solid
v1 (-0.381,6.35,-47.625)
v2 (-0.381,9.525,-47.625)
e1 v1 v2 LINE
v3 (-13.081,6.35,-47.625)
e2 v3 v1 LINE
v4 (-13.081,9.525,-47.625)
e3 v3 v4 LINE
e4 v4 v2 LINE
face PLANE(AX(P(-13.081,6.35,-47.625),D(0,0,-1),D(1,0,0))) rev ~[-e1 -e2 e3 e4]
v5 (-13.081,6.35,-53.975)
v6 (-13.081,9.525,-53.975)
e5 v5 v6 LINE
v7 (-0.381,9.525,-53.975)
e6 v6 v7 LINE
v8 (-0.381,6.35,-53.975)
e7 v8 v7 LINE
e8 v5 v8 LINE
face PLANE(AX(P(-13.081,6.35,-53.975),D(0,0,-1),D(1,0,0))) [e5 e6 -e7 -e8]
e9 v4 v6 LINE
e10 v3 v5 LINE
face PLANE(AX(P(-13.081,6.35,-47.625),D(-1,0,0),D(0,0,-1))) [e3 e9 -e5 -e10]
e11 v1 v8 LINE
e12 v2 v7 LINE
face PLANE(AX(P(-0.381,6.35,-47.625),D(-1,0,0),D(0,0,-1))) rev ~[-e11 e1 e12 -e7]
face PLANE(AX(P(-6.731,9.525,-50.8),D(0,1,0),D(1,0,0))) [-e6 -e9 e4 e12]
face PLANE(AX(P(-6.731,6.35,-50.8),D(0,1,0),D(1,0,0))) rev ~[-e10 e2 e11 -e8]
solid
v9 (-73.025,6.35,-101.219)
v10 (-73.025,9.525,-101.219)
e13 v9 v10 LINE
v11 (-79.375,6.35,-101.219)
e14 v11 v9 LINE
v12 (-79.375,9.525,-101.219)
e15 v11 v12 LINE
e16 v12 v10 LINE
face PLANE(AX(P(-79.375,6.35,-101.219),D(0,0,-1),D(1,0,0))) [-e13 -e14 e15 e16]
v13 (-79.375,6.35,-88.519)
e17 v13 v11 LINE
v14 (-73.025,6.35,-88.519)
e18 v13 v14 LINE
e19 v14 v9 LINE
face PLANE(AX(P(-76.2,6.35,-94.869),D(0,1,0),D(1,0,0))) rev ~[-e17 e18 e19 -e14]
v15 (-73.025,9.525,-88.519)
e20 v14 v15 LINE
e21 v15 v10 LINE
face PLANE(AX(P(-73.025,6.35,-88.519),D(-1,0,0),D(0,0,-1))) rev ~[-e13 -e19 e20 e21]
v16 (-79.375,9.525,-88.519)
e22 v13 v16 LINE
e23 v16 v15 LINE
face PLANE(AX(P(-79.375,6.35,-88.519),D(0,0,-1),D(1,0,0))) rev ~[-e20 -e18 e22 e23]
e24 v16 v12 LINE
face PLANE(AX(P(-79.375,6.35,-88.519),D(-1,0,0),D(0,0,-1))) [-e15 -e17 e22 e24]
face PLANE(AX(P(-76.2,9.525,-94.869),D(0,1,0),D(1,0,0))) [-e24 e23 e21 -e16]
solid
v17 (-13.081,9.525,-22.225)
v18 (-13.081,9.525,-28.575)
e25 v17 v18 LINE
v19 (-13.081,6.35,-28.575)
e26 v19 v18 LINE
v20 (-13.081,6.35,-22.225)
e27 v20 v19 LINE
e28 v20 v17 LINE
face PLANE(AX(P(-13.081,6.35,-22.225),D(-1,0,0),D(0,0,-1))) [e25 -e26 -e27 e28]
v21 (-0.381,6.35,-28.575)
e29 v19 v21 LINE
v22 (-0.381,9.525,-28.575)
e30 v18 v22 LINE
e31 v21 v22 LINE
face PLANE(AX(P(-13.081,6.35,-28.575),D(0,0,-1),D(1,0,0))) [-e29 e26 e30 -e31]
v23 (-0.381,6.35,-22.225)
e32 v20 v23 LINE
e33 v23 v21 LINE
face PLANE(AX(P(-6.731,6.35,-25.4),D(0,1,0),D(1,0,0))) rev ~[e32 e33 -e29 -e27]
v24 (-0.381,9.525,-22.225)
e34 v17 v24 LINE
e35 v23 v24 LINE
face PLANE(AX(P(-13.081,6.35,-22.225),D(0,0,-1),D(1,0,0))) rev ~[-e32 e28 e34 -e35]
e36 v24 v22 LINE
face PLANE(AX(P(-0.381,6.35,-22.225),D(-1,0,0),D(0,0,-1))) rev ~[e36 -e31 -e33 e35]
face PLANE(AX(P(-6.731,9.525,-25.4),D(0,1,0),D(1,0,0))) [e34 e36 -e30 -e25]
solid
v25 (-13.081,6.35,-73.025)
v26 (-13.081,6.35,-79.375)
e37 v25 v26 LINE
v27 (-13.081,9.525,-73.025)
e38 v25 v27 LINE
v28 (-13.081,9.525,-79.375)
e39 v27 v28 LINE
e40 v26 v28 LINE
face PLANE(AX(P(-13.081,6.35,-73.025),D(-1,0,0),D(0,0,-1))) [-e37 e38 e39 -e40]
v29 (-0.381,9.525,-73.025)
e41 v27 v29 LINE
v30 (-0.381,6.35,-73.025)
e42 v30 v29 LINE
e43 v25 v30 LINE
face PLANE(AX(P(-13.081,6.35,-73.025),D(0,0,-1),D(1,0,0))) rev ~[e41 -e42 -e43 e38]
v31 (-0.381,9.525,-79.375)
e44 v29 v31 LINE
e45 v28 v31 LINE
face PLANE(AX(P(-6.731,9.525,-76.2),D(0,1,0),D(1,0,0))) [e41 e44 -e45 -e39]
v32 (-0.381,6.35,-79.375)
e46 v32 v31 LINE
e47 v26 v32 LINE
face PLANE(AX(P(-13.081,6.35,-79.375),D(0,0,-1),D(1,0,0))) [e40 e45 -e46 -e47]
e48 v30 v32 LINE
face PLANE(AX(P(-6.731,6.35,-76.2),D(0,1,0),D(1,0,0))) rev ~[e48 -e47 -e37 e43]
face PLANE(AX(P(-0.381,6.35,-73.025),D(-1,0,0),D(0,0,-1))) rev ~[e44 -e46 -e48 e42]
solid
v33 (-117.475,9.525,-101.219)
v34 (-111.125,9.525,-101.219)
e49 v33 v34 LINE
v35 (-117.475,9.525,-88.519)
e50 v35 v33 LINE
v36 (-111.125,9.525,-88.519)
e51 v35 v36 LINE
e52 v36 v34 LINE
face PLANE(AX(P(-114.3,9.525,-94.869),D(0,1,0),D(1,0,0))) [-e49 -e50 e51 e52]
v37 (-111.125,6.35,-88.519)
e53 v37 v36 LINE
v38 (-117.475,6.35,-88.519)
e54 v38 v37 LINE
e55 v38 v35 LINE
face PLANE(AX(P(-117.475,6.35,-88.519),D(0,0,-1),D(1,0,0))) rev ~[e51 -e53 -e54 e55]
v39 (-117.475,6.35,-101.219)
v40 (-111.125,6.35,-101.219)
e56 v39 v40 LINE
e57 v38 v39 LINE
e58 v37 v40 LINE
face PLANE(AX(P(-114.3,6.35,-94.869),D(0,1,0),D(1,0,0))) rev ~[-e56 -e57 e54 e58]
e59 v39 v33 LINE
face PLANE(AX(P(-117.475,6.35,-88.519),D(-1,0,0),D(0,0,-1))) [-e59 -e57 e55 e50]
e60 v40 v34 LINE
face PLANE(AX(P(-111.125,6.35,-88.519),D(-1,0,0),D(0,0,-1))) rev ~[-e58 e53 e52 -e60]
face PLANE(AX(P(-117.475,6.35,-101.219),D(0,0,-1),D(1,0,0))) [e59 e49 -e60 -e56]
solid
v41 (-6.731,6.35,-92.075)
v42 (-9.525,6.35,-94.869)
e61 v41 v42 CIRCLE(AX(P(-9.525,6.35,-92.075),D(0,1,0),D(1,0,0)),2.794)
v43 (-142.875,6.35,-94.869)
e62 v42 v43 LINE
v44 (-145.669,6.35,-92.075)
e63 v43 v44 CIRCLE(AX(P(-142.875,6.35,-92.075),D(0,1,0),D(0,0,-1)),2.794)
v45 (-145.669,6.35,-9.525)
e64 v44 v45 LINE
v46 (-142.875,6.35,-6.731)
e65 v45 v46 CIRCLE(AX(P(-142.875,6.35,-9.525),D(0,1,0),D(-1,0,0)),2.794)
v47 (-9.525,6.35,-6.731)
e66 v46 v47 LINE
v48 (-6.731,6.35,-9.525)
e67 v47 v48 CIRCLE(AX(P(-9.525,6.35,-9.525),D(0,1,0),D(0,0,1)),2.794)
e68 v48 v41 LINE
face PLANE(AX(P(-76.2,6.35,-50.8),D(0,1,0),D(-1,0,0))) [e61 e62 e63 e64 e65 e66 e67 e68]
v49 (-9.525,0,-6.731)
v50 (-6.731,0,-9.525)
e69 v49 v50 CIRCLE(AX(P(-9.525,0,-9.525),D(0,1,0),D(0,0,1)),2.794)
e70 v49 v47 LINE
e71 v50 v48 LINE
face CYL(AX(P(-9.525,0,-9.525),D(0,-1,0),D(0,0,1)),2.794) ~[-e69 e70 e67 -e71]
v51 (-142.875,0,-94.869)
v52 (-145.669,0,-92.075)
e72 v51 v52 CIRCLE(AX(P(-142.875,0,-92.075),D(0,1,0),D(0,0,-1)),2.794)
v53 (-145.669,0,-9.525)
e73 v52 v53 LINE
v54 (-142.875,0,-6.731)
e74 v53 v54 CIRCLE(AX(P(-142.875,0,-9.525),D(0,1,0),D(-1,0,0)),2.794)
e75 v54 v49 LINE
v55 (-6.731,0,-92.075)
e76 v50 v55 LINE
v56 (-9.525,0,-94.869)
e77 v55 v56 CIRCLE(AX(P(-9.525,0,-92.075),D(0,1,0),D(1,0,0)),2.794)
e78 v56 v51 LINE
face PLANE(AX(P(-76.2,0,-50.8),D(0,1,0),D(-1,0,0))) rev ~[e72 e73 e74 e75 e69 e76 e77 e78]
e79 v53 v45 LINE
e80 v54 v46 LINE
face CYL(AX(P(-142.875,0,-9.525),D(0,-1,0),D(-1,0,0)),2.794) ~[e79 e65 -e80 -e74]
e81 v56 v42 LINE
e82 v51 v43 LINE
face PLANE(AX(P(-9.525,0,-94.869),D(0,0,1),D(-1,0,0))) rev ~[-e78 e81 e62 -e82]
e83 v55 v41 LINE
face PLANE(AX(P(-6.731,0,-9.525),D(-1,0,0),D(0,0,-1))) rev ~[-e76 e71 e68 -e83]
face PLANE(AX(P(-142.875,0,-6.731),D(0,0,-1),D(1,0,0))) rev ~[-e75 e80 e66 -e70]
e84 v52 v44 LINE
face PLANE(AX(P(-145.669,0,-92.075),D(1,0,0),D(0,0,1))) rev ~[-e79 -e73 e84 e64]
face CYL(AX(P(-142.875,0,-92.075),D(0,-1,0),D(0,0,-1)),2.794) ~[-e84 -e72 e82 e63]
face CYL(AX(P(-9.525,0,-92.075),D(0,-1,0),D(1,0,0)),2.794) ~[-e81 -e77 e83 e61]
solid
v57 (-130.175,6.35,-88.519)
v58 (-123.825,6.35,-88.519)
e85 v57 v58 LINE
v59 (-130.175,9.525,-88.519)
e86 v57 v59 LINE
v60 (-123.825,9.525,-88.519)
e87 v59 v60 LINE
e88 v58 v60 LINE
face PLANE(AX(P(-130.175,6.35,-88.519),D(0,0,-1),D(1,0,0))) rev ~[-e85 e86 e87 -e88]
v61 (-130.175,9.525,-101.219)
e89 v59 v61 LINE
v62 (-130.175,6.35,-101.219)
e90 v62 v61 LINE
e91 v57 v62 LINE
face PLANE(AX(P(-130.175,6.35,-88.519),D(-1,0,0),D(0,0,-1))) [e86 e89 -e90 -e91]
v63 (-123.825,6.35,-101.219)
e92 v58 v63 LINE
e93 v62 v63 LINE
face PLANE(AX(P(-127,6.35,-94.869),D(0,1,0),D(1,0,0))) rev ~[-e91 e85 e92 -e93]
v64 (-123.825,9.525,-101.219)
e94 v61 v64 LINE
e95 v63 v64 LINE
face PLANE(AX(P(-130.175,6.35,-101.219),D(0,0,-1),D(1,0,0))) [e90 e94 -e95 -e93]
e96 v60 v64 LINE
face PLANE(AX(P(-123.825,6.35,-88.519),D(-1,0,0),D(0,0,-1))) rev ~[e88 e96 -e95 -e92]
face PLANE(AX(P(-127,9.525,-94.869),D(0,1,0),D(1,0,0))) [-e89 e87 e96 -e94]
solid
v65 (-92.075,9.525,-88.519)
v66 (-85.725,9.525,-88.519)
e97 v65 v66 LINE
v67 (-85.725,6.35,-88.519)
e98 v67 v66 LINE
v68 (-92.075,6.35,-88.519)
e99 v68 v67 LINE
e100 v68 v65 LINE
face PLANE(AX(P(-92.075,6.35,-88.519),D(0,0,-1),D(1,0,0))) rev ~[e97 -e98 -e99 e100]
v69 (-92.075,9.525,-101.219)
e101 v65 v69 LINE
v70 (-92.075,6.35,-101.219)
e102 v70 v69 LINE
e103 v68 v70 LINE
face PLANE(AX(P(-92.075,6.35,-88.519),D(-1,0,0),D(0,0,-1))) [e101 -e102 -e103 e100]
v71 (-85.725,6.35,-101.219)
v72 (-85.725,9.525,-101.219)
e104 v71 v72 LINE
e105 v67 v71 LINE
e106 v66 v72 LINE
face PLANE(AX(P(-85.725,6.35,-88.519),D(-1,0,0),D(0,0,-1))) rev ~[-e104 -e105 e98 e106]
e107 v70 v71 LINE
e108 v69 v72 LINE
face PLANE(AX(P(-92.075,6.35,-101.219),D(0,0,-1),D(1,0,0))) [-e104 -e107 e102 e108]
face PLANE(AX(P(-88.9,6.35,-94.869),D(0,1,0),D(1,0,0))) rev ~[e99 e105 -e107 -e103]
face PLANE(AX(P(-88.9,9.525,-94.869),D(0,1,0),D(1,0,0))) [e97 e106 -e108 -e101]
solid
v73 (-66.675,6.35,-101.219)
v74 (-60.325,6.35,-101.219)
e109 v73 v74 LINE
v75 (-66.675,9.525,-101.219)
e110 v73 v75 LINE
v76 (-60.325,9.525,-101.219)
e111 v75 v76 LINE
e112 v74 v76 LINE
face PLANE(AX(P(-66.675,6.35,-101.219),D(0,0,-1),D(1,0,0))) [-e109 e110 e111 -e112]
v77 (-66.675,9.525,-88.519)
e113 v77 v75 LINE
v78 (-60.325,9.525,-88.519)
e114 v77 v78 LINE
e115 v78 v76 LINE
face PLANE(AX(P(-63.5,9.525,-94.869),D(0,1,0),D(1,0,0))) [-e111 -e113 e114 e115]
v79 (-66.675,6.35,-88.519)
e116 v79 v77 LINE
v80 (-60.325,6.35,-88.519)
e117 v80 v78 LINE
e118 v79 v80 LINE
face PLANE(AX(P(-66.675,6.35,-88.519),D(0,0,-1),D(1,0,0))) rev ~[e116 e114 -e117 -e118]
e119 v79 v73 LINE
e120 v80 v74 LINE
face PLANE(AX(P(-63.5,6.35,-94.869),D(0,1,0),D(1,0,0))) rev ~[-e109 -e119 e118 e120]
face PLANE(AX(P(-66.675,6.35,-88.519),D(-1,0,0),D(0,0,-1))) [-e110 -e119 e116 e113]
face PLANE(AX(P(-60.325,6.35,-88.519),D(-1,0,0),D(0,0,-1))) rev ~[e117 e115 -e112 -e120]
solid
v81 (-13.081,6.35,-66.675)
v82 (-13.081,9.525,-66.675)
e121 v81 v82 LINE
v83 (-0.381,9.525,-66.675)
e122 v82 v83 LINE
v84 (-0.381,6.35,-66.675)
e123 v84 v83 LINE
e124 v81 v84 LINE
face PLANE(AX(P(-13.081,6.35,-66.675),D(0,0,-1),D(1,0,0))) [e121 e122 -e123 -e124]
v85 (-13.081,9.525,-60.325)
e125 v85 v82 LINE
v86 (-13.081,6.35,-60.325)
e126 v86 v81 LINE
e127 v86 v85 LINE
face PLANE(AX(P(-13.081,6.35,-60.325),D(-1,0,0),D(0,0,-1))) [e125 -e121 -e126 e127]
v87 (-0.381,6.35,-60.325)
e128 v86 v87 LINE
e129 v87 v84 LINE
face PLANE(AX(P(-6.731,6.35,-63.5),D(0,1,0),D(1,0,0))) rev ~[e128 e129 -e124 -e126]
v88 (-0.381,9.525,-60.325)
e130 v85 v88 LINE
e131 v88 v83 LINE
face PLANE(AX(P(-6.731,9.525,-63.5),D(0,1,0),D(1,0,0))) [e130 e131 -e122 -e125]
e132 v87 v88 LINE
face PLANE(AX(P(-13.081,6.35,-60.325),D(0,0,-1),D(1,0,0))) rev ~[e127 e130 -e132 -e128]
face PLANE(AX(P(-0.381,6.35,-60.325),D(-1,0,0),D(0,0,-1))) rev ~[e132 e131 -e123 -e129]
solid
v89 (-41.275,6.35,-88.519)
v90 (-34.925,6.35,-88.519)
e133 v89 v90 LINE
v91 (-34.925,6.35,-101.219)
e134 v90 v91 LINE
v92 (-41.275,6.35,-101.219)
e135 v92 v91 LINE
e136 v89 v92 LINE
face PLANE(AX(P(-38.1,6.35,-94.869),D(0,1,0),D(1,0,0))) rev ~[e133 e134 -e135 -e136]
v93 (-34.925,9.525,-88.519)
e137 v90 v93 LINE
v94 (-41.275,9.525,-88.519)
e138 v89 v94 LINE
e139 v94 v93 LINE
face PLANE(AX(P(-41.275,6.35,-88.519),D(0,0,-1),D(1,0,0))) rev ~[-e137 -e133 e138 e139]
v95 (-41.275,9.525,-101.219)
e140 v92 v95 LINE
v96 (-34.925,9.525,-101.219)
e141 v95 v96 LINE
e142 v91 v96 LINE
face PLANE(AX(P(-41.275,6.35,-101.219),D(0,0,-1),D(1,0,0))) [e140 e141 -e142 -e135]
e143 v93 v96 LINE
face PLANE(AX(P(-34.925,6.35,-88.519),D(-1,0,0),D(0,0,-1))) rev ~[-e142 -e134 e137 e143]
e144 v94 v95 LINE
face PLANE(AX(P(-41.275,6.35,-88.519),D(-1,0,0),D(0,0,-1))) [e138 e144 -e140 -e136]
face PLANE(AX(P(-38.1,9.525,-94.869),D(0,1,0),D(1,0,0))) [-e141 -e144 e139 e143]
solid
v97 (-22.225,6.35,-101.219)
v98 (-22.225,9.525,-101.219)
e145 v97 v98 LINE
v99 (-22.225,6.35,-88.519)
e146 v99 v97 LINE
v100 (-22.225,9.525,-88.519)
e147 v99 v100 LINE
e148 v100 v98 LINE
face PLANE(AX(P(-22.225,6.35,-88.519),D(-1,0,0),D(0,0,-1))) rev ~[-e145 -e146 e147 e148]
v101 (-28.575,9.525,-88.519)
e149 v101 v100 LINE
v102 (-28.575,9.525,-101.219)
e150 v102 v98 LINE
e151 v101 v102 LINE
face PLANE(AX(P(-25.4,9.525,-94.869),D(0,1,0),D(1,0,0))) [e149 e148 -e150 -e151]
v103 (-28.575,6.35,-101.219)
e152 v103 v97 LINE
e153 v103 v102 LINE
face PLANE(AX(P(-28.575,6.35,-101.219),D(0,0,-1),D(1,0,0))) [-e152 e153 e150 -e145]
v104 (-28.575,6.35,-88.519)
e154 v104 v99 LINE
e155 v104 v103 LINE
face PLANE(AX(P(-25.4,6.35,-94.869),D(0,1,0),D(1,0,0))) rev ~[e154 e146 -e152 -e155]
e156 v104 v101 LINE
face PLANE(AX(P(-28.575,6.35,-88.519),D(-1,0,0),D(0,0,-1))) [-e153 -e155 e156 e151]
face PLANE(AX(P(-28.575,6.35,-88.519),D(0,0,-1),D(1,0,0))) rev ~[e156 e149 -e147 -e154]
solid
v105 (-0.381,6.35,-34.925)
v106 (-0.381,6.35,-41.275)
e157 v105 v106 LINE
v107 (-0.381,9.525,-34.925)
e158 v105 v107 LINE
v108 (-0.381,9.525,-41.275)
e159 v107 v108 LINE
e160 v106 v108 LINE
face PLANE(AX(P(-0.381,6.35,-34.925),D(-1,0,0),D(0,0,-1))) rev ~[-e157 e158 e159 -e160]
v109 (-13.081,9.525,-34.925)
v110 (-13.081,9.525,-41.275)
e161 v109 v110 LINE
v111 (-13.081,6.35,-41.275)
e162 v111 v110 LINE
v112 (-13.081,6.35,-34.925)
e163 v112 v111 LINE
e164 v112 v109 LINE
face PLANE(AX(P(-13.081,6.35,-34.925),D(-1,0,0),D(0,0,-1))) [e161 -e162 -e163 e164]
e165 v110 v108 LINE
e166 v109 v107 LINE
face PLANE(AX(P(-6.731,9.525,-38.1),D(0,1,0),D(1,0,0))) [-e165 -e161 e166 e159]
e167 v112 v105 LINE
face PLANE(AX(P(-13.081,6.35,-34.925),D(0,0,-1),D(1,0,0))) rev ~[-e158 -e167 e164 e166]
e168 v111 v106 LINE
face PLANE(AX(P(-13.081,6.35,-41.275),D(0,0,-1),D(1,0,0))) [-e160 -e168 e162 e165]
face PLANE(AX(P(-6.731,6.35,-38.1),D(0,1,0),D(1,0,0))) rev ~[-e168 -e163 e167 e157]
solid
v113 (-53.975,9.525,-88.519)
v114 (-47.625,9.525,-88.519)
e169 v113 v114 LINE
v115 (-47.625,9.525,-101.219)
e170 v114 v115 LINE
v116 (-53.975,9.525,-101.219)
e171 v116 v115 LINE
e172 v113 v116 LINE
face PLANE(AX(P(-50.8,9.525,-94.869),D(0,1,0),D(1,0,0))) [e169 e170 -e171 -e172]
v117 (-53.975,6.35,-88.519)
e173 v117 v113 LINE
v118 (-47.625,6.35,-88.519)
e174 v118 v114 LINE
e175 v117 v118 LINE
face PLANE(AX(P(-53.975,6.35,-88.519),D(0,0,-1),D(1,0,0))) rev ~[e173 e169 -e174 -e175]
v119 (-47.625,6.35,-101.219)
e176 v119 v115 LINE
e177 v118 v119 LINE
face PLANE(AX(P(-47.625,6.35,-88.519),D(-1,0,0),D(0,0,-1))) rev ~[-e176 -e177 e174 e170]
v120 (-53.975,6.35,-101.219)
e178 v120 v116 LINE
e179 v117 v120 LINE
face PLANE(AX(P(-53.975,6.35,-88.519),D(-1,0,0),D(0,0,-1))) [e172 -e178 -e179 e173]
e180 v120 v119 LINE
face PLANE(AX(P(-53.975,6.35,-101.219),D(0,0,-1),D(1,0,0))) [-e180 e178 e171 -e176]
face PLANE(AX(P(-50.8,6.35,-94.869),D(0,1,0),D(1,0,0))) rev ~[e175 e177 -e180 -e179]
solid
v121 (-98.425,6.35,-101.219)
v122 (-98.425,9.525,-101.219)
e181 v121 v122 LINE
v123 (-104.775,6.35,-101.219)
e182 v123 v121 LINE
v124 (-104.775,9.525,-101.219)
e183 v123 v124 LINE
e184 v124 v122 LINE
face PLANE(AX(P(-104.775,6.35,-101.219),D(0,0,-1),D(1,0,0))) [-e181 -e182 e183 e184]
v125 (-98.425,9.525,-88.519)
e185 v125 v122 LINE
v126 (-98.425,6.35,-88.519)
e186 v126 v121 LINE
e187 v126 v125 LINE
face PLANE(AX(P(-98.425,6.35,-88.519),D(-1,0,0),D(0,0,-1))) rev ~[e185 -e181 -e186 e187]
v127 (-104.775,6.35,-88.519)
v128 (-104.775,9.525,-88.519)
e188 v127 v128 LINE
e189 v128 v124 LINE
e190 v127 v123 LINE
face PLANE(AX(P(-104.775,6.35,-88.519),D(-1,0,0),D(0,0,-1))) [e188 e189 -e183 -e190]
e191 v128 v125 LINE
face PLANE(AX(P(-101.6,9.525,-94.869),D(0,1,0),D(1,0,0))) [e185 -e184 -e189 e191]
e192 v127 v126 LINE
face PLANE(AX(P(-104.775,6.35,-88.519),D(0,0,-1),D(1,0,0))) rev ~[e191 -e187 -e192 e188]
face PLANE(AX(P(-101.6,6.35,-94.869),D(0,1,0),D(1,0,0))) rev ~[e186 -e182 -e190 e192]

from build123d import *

# Parameters (mm, degrees)
BOSS_EXTRUDE1_DEPTH    = 6.35
SKETCH2_W              = 6.35
SKETCH2_H              = 12.7
BOSS_EXTRUDE2_DEPTH    = 3.175
BOSS_EXTRUDE2_2_DEPTH  = 3.175
BOSS_EXTRUDE2_3_DEPTH  = 3.175
BOSS_EXTRUDE2_4_DEPTH  = 3.175
BOSS_EXTRUDE2_5_DEPTH  = 3.175
BOSS_EXTRUDE2_6_DEPTH  = 3.175
BOSS_EXTRUDE2_7_DEPTH  = 3.175
BOSS_EXTRUDE2_8_DEPTH  = 3.175
BOSS_EXTRUDE2_9_DEPTH  = 3.175
SKETCH2_W_2            = 12.7
SKETCH2_H_2            = 6.35
BOSS_EXTRUDE2_10_DEPTH = 3.175
BOSS_EXTRUDE2_11_DEPTH = 3.175
BOSS_EXTRUDE2_12_DEPTH = 3.175
BOSS_EXTRUDE2_13_DEPTH = 3.175
BOSS_EXTRUDE2_14_DEPTH = 3.175


with BuildPart() as part:
    # Sketch1 → Boss-Extrude1 (new body)
    with BuildSketch(Plane(origin=(0, 0, 0), x_dir=(-1, 0, 0), z_dir=(0, 1, 0))):
        with BuildLine():
            Line((145.669, -92.075), (145.669, -9.525))
            ThreePointArc((145.669, -9.525), (144.850656347, -7.549343653), (142.875, -6.731))
            Line((142.875, -6.731), (9.525, -6.731))
            ThreePointArc((9.525, -6.731), (7.549343653, -7.549343653), (6.731, -9.525))
            Line((6.731, -9.525), (6.731, -92.075))
            ThreePointArc((6.731, -92.075), (7.549343653, -94.050656347), (9.525, -94.869))
            Line((9.525, -94.869), (142.875, -94.869))
            ThreePointArc((142.875, -94.869), (144.850656347, -94.050656347), (145.669, -92.075))
        make_face()
    extrude(amount=BOSS_EXTRUDE1_DEPTH)


with BuildPart() as body_2:
    # Sketch2 → Boss-Extrude2 (new body)
    with BuildSketch(Plane(origin=(0, 6.35, 0), x_dir=(1, 0, 0), z_dir=(0, 1, 0))):
        with Locations((-63.5, 94.869)):
            Rectangle(SKETCH2_W, SKETCH2_H)
    extrude(amount=BOSS_EXTRUDE2_DEPTH)


with BuildPart() as body_3:
    # Sketch2 → Boss-Extrude2 2 (new body)
    with BuildSketch(Plane(origin=(0, 6.35, 0), x_dir=(1, 0, 0), z_dir=(0, 1, 0))):
        with Locations((-76.2, 94.869)):
            Rectangle(SKETCH2_W, SKETCH2_H)
    extrude(amount=BOSS_EXTRUDE2_2_DEPTH)


with BuildPart() as body_4:
    # Sketch2 → Boss-Extrude2 3 (new body)
    with BuildSketch(Plane(origin=(0, 6.35, 0), x_dir=(1, 0, 0), z_dir=(0, 1, 0))):
        with Locations((-50.8, 94.869)):
            Rectangle(SKETCH2_W, SKETCH2_H)
    extrude(amount=BOSS_EXTRUDE2_3_DEPTH)


with BuildPart() as body_5:
    # Sketch2 → Boss-Extrude2 4 (new body)
    with BuildSketch(Plane(origin=(0, 6.35, 0), x_dir=(1, 0, 0), z_dir=(0, 1, 0))):
        with Locations((-38.1, 94.869)):
            Rectangle(SKETCH2_W, SKETCH2_H)
    extrude(amount=BOSS_EXTRUDE2_4_DEPTH)


with BuildPart() as body_6:
    # Sketch2 → Boss-Extrude2 5 (new body)
    with BuildSketch(Plane(origin=(0, 6.35, 0), x_dir=(1, 0, 0), z_dir=(0, 1, 0))):
        with Locations((-25.4, 94.869)):
            Rectangle(SKETCH2_W, SKETCH2_H)
    extrude(amount=BOSS_EXTRUDE2_5_DEPTH)


with BuildPart() as body_7:
    # Sketch2 → Boss-Extrude2 6 (new body)
    with BuildSketch(Plane(origin=(0, 6.35, 0), x_dir=(1, 0, 0), z_dir=(0, 1, 0))):
        with Locations((-88.9, 94.869)):
            Rectangle(SKETCH2_W, SKETCH2_H)
    extrude(amount=BOSS_EXTRUDE2_6_DEPTH)


with BuildPart() as body_8:
    # Sketch2 → Boss-Extrude2 7 (new body)
    with BuildSketch(Plane(origin=(0, 6.35, 0), x_dir=(1, 0, 0), z_dir=(0, 1, 0))):
        with Locations((-101.6, 94.869)):
            Rectangle(SKETCH2_W, SKETCH2_H)
    extrude(amount=BOSS_EXTRUDE2_7_DEPTH)


with BuildPart() as body_9:
    # Sketch2 → Boss-Extrude2 8 (new body)
    with BuildSketch(Plane(origin=(0, 6.35, 0), x_dir=(1, 0, 0), z_dir=(0, 1, 0))):
        with Locations((-114.3, 94.869)):
            Rectangle(SKETCH2_W, SKETCH2_H)
    extrude(amount=BOSS_EXTRUDE2_8_DEPTH)


with BuildPart() as body_10:
    # Sketch2 → Boss-Extrude2 9 (new body)
    with BuildSketch(Plane(origin=(0, 6.35, 0), x_dir=(1, 0, 0), z_dir=(0, 1, 0))):
        with Locations((-127, 94.869)):
            Rectangle(SKETCH2_W, SKETCH2_H)
    extrude(amount=BOSS_EXTRUDE2_9_DEPTH)


with BuildPart() as body_11:
    # Sketch2 → Boss-Extrude2 10 (new body)
    with BuildSketch(Plane(origin=(0, 6.35, 0), x_dir=(1, 0, 0), z_dir=(0, 1, 0))):
        with Locations((-6.731, 50.8)):
            Rectangle(SKETCH2_W_2, SKETCH2_H_2)
    extrude(amount=BOSS_EXTRUDE2_10_DEPTH)


with BuildPart() as body_12:
    # Sketch2 → Boss-Extrude2 11 (new body)
    with BuildSketch(Plane(origin=(0, 6.35, 0), x_dir=(1, 0, 0), z_dir=(0, 1, 0))):
        with Locations((-6.731, 63.5)):
            Rectangle(SKETCH2_W_2, SKETCH2_H_2)
    extrude(amount=BOSS_EXTRUDE2_11_DEPTH)


with BuildPart() as body_13:
    # Sketch2 → Boss-Extrude2 12 (new body)
    with BuildSketch(Plane(origin=(0, 6.35, 0), x_dir=(1, 0, 0), z_dir=(0, 1, 0))):
        with Locations((-6.731, 76.2)):
            Rectangle(SKETCH2_W_2, SKETCH2_H_2)
    extrude(amount=BOSS_EXTRUDE2_12_DEPTH)


with BuildPart() as body_14:
    # Sketch2 → Boss-Extrude2 13 (new body)
    with BuildSketch(Plane(origin=(0, 6.35, 0), x_dir=(1, 0, 0), z_dir=(0, 1, 0))):
        with Locations((-6.731, 38.1)):
            Rectangle(SKETCH2_W_2, SKETCH2_H_2)
    extrude(amount=BOSS_EXTRUDE2_13_DEPTH)


with BuildPart() as body_15:
    # Sketch2 → Boss-Extrude2 14 (new body)
    with BuildSketch(Plane(origin=(0, 6.35, 0), x_dir=(1, 0, 0), z_dir=(0, 1, 0))):
        with Locations((-6.731, 25.4)):
            Rectangle(SKETCH2_W_2, SKETCH2_H_2)
    extrude(amount=BOSS_EXTRUDE2_14_DEPTH)


solid = Compound([part.part, body_2.part, body_3.part, body_4.part, body_5.part, body_6.part, body_7.part, body_8.part, body_9.part, body_10.part, body_11.part, body_12.part, body_13.part, body_14.part, body_15.part])
